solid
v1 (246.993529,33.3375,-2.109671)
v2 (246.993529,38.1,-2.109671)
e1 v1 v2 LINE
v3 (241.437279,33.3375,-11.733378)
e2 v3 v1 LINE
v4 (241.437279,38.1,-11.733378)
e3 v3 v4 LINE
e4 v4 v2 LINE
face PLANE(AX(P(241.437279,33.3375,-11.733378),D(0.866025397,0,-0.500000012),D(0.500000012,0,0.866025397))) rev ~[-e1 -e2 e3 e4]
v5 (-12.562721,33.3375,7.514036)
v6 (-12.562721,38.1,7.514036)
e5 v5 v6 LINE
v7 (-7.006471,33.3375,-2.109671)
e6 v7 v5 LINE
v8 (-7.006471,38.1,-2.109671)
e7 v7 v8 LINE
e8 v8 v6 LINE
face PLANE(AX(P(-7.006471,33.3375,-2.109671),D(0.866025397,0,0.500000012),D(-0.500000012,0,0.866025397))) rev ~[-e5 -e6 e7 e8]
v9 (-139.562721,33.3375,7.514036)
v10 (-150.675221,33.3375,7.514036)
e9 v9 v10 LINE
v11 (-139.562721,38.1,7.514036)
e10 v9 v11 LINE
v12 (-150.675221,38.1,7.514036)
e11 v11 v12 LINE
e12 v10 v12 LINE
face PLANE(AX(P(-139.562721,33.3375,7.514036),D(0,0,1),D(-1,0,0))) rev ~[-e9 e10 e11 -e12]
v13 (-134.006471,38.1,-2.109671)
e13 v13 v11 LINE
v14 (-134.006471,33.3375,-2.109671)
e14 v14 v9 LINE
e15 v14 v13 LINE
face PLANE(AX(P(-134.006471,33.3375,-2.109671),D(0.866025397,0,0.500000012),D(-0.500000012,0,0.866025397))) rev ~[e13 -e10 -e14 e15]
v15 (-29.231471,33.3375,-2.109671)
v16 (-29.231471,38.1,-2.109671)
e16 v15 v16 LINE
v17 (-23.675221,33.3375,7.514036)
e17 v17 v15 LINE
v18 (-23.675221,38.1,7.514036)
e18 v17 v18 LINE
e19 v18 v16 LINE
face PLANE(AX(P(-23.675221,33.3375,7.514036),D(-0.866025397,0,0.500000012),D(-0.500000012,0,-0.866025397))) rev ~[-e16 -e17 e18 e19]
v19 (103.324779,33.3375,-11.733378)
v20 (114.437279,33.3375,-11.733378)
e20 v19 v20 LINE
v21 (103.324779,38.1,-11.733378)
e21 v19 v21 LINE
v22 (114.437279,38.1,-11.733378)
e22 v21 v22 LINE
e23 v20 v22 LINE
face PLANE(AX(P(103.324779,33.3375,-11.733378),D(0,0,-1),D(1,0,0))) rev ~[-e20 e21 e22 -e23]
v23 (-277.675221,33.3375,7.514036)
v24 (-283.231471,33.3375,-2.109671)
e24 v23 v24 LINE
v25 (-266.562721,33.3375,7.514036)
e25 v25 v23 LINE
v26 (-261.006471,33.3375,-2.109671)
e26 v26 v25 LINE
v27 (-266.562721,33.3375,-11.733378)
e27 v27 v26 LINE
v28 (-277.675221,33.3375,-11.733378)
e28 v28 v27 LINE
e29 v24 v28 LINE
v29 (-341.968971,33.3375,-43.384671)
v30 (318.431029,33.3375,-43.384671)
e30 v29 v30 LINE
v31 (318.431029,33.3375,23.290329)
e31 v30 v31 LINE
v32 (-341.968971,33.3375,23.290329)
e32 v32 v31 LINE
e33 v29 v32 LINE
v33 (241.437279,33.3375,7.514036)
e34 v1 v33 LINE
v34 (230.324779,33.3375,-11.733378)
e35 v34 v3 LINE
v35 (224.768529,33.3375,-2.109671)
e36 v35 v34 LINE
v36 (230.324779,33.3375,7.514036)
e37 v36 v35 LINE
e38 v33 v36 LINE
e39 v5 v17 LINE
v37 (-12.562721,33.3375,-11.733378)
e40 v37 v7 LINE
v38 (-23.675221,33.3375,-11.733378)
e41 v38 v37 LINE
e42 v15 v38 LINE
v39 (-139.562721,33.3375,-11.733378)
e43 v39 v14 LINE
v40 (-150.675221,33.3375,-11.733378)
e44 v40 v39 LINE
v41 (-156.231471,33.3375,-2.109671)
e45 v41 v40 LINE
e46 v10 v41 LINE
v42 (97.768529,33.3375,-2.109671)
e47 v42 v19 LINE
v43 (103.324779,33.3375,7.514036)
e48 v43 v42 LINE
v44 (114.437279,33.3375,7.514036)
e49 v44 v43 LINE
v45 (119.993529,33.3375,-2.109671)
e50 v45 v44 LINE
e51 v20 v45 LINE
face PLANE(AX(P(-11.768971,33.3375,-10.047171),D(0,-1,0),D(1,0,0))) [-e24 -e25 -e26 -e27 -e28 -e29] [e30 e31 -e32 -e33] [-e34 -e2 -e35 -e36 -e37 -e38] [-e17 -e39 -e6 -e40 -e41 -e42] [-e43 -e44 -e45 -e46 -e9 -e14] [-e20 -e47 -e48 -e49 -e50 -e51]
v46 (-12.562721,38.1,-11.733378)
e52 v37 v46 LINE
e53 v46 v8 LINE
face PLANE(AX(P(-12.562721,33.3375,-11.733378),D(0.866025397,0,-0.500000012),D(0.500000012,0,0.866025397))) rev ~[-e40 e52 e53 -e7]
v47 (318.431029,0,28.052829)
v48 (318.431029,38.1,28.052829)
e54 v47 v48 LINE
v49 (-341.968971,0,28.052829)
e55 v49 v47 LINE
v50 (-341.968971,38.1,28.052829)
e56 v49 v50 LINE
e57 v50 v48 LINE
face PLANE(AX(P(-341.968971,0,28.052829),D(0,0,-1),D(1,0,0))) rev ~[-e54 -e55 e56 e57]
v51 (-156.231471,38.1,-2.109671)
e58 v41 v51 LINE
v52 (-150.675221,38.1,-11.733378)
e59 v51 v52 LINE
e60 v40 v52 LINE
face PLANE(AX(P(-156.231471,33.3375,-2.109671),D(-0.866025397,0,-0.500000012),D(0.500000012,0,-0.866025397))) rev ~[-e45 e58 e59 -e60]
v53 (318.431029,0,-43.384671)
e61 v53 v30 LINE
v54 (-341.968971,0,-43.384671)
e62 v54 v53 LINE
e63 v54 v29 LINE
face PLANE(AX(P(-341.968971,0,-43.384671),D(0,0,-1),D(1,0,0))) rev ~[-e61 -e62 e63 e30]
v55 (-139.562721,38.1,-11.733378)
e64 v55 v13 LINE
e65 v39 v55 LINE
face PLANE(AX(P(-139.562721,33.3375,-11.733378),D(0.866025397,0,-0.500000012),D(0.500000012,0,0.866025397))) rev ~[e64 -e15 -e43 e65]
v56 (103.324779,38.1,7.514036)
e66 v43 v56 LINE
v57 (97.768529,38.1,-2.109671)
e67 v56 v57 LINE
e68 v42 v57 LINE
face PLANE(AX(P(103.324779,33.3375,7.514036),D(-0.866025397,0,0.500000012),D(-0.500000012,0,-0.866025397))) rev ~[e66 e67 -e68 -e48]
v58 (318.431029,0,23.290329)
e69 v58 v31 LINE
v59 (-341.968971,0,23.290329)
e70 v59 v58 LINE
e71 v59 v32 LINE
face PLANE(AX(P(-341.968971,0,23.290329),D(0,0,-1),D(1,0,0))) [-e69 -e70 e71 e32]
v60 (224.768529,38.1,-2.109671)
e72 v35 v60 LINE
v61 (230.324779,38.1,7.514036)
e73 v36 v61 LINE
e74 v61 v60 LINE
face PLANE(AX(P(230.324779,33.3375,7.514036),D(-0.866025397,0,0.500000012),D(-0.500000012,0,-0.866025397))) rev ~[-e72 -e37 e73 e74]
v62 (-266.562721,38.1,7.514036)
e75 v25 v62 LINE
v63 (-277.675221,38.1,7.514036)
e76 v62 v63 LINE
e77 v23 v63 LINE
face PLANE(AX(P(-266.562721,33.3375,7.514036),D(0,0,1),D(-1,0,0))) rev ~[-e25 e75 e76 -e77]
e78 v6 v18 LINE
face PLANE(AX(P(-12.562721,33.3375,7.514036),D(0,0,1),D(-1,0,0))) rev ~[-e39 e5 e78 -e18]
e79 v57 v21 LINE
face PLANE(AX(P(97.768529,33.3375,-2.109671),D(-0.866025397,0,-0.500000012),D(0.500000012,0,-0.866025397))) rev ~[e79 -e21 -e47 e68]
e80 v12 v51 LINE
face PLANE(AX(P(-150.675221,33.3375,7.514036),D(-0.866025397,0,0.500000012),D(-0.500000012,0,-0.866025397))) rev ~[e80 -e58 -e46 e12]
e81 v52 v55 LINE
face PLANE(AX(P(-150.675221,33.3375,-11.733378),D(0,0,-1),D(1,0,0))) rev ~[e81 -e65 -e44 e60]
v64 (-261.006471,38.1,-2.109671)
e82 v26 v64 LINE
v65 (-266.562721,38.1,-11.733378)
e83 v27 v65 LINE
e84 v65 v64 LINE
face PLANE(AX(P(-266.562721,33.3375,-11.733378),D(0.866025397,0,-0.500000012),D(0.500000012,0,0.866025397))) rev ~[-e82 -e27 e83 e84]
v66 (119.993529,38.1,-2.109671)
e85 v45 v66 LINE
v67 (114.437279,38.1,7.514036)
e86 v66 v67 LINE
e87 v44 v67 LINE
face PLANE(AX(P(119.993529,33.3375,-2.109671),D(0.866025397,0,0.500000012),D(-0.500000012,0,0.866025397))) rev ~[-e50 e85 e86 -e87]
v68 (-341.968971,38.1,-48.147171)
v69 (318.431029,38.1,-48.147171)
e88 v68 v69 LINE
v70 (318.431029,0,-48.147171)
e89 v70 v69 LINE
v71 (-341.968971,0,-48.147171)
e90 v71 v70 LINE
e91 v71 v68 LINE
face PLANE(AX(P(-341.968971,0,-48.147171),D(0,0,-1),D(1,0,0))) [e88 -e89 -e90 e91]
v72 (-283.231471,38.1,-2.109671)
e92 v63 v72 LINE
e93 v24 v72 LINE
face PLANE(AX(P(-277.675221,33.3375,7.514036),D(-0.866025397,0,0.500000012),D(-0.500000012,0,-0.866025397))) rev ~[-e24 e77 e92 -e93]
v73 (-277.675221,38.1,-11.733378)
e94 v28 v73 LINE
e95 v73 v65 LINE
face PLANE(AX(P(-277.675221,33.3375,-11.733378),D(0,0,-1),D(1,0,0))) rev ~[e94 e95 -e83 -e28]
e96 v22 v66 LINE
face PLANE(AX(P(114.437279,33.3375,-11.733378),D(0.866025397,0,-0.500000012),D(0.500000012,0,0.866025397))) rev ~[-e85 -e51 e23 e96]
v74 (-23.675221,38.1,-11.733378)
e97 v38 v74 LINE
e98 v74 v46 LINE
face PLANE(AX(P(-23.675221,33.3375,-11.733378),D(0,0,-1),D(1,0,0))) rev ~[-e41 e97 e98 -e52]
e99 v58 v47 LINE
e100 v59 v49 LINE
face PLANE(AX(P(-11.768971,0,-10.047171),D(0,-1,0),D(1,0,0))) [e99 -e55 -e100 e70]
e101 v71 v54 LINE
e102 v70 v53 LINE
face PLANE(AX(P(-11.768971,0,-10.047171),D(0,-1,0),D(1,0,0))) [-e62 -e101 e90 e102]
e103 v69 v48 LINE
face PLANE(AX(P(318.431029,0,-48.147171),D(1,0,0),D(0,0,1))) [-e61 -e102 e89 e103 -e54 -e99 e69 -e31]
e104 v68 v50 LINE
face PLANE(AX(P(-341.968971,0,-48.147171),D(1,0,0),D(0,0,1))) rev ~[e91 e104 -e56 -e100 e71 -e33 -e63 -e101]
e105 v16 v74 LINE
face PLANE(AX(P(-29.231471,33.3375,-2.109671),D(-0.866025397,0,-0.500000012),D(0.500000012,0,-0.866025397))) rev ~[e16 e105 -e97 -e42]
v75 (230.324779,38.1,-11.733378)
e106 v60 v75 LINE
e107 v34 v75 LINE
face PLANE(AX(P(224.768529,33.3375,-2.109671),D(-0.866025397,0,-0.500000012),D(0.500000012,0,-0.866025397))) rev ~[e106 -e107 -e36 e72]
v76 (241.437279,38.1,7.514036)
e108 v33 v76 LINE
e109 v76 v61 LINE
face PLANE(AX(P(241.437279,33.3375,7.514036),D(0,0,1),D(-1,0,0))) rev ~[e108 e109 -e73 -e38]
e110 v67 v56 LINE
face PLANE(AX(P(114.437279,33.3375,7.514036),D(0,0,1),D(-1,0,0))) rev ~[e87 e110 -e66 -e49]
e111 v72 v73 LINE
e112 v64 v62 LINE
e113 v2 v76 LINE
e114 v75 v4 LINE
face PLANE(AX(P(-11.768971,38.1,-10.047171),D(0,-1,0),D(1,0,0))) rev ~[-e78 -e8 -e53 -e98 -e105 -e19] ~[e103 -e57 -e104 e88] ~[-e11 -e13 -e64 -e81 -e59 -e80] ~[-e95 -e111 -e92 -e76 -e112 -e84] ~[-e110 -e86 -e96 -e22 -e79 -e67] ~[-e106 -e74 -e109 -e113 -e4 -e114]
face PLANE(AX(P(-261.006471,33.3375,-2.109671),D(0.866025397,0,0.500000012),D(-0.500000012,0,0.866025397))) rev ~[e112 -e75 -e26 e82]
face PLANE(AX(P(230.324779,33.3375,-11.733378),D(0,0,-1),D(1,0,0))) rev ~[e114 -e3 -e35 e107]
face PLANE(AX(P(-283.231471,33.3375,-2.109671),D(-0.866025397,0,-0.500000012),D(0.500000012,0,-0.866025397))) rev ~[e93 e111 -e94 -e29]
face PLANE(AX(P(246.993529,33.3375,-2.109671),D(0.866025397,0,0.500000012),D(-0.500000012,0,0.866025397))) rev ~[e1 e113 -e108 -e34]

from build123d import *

# Parameters (mm, degrees)
F0_W     = 660.4
F0_H     = 76.2
F1_DEPTH = 38.1
F2_W     = 660.4
F2_H     = 66.675
F3_DEPTH = 33.3375
F5_DEPTH = 25.4


with BuildPart() as f1:
    # F0 (on Front) → F1 (new body)
    with BuildSketch(Plane.XZ):
        with Locations((-11.768971, -10.047171)):
            Rectangle(F0_W, F0_H)
    extrude(amount=-F1_DEPTH)

    # F2 (on face) → F3 (cut)
    with BuildSketch(Plane.XZ):
        with Locations((-11.768971, -10.047171)):
            Rectangle(F2_W, F2_H)
    extrude(amount=-F3_DEPTH, mode=Mode.SUBTRACT)

    # F4 (on face) → F5 (cut)
    with BuildSketch(Plane.XZ.offset(-33.3375)):
        Polygon((-277.675221, 7.514036), (-283.231471, -2.109671), (-277.675221, -11.733378), (-266.562721, -11.733378), (-261.006471, -2.109671), (-266.562721, 7.514036), align=None)
        Polygon((-150.675221, 7.514036), (-156.231471, -2.109671), (-150.675221, -11.733378), (-139.562721, -11.733378), (-134.006471, -2.109671), (-139.562721, 7.514036), align=None)
        Polygon((-23.675221, 7.514036), (-29.231471, -2.109671), (-23.675221, -11.733378), (-12.562721, -11.733378), (-7.006471, -2.109671), (-12.562721, 7.514036), align=None)
        Polygon((103.324779, 7.514036), (97.768529, -2.109671), (103.324779, -11.733378), (114.437279, -11.733378), (119.993529, -2.109671), (114.437279, 7.514036), align=None)
        Polygon((230.324779, 7.514036), (224.768529, -2.109671), (230.324779, -11.733378), (241.437279, -11.733378), (246.993529, -2.109671), (241.437279, 7.514036), align=None)
    extrude(amount=-F5_DEPTH, mode=Mode.SUBTRACT)


solid = f1.part
